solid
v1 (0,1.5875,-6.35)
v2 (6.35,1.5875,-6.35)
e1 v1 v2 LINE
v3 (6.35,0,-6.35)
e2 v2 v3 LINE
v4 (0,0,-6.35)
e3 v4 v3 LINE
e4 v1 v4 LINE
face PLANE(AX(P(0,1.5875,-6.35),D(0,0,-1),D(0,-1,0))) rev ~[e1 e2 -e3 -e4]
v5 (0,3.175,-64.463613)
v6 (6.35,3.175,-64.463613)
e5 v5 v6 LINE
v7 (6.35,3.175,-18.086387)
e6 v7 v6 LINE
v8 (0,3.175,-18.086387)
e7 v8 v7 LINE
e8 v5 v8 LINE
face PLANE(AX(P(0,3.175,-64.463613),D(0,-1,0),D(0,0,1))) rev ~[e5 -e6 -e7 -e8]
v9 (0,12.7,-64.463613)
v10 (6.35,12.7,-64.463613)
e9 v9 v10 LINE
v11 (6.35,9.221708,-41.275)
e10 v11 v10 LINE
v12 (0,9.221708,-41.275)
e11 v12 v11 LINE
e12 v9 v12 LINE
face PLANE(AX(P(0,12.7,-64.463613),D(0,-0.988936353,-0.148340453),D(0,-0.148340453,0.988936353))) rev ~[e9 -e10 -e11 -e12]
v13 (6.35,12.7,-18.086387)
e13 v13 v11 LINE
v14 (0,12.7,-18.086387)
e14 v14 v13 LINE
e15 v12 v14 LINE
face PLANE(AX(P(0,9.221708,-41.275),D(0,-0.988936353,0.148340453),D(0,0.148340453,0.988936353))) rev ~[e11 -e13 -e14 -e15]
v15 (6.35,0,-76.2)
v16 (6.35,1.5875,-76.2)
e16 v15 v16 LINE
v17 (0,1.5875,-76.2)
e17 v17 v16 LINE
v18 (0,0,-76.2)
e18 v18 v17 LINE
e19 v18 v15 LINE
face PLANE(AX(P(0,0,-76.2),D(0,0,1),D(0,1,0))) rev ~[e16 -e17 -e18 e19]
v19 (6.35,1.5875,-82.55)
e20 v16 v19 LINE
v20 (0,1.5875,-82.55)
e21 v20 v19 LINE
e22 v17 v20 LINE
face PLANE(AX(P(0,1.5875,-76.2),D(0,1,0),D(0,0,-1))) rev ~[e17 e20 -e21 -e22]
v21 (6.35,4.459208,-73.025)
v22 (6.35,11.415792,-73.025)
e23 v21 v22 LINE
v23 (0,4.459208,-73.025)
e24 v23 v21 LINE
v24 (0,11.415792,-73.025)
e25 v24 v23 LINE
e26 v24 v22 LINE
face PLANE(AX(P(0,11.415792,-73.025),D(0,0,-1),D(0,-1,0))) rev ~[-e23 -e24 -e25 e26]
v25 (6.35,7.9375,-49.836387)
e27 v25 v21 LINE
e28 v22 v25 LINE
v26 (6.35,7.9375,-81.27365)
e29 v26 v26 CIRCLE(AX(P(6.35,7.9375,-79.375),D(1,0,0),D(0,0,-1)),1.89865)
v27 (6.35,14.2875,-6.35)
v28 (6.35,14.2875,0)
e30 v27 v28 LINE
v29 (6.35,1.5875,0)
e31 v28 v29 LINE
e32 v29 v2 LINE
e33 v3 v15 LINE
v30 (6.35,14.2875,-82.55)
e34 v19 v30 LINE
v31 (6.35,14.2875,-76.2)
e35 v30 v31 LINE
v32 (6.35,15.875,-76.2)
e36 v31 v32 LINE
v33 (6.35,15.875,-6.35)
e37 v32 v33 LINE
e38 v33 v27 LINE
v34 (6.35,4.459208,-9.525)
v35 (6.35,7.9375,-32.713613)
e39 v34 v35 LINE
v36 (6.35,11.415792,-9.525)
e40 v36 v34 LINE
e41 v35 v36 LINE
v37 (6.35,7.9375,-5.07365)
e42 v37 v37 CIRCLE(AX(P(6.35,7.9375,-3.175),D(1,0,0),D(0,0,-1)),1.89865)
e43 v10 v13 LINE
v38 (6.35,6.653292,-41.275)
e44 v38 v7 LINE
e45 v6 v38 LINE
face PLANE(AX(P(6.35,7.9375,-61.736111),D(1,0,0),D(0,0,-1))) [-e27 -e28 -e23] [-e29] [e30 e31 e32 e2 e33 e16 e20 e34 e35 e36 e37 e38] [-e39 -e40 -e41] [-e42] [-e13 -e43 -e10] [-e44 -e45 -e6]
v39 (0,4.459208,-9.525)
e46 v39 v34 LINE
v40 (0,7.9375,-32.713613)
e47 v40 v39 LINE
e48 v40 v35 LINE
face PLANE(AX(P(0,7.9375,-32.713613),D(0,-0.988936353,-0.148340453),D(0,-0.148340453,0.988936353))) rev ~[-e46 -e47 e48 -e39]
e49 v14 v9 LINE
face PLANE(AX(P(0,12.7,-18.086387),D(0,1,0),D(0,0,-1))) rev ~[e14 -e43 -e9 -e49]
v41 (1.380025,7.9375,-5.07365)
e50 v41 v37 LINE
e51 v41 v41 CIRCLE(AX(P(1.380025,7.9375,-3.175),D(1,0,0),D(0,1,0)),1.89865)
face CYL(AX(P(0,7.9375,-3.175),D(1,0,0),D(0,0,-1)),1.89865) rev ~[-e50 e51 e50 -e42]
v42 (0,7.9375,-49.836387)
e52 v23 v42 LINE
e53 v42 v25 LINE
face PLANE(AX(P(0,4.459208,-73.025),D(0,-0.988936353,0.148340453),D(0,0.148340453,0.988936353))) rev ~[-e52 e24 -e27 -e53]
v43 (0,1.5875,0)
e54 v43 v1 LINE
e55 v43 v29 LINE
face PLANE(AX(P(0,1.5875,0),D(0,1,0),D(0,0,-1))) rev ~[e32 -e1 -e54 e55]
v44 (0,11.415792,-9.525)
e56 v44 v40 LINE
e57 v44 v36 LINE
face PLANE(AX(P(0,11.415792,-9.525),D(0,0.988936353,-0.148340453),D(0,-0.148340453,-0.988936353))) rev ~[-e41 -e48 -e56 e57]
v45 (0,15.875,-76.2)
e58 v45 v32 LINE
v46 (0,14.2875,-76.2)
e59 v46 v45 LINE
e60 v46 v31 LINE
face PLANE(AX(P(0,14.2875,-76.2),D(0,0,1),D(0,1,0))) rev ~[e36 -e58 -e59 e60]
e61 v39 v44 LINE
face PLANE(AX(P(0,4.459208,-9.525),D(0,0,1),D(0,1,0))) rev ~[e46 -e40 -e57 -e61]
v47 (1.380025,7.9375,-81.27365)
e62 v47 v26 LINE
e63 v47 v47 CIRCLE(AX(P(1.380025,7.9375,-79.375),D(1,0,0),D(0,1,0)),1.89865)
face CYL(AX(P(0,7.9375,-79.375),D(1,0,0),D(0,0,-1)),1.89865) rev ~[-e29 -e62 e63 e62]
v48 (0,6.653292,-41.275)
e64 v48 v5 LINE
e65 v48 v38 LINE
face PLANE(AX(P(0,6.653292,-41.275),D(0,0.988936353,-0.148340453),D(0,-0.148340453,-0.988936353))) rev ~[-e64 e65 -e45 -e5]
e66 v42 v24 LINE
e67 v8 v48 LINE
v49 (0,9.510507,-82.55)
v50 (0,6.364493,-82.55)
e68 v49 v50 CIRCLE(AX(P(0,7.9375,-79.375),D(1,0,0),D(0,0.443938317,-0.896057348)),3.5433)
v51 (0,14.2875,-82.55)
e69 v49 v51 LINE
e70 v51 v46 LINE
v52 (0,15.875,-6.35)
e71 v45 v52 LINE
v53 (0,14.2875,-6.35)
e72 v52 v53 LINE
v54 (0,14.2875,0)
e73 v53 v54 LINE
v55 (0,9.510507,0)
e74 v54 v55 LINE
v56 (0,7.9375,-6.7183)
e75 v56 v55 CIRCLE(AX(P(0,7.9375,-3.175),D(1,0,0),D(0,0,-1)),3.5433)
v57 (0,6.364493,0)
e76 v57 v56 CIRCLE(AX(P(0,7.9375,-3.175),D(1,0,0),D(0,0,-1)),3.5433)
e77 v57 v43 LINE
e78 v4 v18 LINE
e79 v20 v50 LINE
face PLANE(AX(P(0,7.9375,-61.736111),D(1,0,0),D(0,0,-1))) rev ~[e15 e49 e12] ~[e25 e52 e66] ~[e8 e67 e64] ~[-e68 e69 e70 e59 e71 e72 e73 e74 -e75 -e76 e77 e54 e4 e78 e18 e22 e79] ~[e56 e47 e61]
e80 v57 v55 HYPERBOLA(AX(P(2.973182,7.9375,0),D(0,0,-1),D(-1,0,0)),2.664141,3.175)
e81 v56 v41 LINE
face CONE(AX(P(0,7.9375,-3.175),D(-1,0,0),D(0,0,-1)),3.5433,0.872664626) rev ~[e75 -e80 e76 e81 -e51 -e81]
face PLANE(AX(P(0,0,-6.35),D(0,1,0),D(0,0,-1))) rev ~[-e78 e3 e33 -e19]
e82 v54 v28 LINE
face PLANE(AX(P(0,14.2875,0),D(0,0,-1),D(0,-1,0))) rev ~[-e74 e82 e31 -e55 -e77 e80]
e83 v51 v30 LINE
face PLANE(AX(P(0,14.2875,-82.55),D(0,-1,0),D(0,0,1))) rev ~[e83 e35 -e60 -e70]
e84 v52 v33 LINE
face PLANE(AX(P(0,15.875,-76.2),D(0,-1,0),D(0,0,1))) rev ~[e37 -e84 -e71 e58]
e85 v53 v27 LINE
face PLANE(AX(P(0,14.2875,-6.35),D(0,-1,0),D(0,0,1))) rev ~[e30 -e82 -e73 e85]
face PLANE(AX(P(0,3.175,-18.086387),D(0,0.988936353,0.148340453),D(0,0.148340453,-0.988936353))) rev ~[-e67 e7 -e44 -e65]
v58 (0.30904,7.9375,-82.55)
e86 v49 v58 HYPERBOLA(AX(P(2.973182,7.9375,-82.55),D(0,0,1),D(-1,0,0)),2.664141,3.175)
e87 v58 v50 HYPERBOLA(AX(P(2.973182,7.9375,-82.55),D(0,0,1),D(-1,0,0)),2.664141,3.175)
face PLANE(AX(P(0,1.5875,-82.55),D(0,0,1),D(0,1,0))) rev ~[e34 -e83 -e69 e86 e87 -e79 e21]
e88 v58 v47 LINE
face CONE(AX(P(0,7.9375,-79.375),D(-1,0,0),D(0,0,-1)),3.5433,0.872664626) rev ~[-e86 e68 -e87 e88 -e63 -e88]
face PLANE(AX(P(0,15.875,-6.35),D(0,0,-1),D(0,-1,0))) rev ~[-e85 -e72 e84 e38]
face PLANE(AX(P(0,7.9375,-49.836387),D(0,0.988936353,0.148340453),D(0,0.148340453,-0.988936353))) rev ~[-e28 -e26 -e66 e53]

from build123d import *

# Parameters (mm, degrees)
BOSS_EXTRUDE1_DEPTH                               = 6.35
CSK_FOR_6_FLAT_HEAD_MACHINE_SCREW_100_D           = 3.7973
CSK_FOR_6_FLAT_HEAD_MACHINE_SCREW_100_CSINK_D     = 7.0866
CSK_FOR_6_FLAT_HEAD_MACHINE_SCREW_100_CSINK_ANGLE = 100
CUT_EXTRUDE1_DEPTH                                = 85.302079601


with BuildPart() as part:
    # Sketch1 → Boss-Extrude1 (new body)
    with BuildSketch(Plane(origin=(0, 0, 0), x_dir=(0, 0, -1), z_dir=(1, 0, 0))):
        Polygon((76.2, 15.875), (41.275, 15.875), (41.275, 0), (76.2, 0), (76.2, 1.5875), (82.55, 1.5875), (82.55, 14.2875), (76.2, 14.2875), align=None)
        Polygon((41.275, 0), (41.275, 15.875), (6.35, 15.875), (6.35, 14.2875), (0, 14.2875), (0, 1.5875), (6.35, 1.5875), (6.35, 0), align=None)
    extrude(amount=BOSS_EXTRUDE1_DEPTH)

    # CSK for #6 Flat Head Machine Screw (100)1 (through all)
    with Locations(Plane.ZY):
        with Locations((-79.375, 7.9375), (-3.175, 7.9375)):
            CounterSinkHole(CSK_FOR_6_FLAT_HEAD_MACHINE_SCREW_100_D / 2, CSK_FOR_6_FLAT_HEAD_MACHINE_SCREW_100_CSINK_D / 2, counter_sink_angle=CSK_FOR_6_FLAT_HEAD_MACHINE_SCREW_100_CSINK_ANGLE)

    # Sketch4 → Cut-Extrude1 (cut, through all)
    with BuildSketch(Plane.ZY):
        Polygon((-49.83638683, 7.9375), (-73.025, 11.415791976), (-73.025, 4.459208024), align=None)
        Polygon((-18.08638683, 12.7), (-64.46361317, 12.7), (-41.275, 9.221708024), align=None)
        Polygon((-9.525, 11.415791976), (-32.71361317, 7.9375), (-9.525, 4.459208024), align=None)
        Polygon((-18.08638683, 3.175), (-41.275, 6.653291976), (-64.46361317, 3.175), align=None)
    extrude(amount=-CUT_EXTRUDE1_DEPTH, mode=Mode.SUBTRACT)


solid = part.part
